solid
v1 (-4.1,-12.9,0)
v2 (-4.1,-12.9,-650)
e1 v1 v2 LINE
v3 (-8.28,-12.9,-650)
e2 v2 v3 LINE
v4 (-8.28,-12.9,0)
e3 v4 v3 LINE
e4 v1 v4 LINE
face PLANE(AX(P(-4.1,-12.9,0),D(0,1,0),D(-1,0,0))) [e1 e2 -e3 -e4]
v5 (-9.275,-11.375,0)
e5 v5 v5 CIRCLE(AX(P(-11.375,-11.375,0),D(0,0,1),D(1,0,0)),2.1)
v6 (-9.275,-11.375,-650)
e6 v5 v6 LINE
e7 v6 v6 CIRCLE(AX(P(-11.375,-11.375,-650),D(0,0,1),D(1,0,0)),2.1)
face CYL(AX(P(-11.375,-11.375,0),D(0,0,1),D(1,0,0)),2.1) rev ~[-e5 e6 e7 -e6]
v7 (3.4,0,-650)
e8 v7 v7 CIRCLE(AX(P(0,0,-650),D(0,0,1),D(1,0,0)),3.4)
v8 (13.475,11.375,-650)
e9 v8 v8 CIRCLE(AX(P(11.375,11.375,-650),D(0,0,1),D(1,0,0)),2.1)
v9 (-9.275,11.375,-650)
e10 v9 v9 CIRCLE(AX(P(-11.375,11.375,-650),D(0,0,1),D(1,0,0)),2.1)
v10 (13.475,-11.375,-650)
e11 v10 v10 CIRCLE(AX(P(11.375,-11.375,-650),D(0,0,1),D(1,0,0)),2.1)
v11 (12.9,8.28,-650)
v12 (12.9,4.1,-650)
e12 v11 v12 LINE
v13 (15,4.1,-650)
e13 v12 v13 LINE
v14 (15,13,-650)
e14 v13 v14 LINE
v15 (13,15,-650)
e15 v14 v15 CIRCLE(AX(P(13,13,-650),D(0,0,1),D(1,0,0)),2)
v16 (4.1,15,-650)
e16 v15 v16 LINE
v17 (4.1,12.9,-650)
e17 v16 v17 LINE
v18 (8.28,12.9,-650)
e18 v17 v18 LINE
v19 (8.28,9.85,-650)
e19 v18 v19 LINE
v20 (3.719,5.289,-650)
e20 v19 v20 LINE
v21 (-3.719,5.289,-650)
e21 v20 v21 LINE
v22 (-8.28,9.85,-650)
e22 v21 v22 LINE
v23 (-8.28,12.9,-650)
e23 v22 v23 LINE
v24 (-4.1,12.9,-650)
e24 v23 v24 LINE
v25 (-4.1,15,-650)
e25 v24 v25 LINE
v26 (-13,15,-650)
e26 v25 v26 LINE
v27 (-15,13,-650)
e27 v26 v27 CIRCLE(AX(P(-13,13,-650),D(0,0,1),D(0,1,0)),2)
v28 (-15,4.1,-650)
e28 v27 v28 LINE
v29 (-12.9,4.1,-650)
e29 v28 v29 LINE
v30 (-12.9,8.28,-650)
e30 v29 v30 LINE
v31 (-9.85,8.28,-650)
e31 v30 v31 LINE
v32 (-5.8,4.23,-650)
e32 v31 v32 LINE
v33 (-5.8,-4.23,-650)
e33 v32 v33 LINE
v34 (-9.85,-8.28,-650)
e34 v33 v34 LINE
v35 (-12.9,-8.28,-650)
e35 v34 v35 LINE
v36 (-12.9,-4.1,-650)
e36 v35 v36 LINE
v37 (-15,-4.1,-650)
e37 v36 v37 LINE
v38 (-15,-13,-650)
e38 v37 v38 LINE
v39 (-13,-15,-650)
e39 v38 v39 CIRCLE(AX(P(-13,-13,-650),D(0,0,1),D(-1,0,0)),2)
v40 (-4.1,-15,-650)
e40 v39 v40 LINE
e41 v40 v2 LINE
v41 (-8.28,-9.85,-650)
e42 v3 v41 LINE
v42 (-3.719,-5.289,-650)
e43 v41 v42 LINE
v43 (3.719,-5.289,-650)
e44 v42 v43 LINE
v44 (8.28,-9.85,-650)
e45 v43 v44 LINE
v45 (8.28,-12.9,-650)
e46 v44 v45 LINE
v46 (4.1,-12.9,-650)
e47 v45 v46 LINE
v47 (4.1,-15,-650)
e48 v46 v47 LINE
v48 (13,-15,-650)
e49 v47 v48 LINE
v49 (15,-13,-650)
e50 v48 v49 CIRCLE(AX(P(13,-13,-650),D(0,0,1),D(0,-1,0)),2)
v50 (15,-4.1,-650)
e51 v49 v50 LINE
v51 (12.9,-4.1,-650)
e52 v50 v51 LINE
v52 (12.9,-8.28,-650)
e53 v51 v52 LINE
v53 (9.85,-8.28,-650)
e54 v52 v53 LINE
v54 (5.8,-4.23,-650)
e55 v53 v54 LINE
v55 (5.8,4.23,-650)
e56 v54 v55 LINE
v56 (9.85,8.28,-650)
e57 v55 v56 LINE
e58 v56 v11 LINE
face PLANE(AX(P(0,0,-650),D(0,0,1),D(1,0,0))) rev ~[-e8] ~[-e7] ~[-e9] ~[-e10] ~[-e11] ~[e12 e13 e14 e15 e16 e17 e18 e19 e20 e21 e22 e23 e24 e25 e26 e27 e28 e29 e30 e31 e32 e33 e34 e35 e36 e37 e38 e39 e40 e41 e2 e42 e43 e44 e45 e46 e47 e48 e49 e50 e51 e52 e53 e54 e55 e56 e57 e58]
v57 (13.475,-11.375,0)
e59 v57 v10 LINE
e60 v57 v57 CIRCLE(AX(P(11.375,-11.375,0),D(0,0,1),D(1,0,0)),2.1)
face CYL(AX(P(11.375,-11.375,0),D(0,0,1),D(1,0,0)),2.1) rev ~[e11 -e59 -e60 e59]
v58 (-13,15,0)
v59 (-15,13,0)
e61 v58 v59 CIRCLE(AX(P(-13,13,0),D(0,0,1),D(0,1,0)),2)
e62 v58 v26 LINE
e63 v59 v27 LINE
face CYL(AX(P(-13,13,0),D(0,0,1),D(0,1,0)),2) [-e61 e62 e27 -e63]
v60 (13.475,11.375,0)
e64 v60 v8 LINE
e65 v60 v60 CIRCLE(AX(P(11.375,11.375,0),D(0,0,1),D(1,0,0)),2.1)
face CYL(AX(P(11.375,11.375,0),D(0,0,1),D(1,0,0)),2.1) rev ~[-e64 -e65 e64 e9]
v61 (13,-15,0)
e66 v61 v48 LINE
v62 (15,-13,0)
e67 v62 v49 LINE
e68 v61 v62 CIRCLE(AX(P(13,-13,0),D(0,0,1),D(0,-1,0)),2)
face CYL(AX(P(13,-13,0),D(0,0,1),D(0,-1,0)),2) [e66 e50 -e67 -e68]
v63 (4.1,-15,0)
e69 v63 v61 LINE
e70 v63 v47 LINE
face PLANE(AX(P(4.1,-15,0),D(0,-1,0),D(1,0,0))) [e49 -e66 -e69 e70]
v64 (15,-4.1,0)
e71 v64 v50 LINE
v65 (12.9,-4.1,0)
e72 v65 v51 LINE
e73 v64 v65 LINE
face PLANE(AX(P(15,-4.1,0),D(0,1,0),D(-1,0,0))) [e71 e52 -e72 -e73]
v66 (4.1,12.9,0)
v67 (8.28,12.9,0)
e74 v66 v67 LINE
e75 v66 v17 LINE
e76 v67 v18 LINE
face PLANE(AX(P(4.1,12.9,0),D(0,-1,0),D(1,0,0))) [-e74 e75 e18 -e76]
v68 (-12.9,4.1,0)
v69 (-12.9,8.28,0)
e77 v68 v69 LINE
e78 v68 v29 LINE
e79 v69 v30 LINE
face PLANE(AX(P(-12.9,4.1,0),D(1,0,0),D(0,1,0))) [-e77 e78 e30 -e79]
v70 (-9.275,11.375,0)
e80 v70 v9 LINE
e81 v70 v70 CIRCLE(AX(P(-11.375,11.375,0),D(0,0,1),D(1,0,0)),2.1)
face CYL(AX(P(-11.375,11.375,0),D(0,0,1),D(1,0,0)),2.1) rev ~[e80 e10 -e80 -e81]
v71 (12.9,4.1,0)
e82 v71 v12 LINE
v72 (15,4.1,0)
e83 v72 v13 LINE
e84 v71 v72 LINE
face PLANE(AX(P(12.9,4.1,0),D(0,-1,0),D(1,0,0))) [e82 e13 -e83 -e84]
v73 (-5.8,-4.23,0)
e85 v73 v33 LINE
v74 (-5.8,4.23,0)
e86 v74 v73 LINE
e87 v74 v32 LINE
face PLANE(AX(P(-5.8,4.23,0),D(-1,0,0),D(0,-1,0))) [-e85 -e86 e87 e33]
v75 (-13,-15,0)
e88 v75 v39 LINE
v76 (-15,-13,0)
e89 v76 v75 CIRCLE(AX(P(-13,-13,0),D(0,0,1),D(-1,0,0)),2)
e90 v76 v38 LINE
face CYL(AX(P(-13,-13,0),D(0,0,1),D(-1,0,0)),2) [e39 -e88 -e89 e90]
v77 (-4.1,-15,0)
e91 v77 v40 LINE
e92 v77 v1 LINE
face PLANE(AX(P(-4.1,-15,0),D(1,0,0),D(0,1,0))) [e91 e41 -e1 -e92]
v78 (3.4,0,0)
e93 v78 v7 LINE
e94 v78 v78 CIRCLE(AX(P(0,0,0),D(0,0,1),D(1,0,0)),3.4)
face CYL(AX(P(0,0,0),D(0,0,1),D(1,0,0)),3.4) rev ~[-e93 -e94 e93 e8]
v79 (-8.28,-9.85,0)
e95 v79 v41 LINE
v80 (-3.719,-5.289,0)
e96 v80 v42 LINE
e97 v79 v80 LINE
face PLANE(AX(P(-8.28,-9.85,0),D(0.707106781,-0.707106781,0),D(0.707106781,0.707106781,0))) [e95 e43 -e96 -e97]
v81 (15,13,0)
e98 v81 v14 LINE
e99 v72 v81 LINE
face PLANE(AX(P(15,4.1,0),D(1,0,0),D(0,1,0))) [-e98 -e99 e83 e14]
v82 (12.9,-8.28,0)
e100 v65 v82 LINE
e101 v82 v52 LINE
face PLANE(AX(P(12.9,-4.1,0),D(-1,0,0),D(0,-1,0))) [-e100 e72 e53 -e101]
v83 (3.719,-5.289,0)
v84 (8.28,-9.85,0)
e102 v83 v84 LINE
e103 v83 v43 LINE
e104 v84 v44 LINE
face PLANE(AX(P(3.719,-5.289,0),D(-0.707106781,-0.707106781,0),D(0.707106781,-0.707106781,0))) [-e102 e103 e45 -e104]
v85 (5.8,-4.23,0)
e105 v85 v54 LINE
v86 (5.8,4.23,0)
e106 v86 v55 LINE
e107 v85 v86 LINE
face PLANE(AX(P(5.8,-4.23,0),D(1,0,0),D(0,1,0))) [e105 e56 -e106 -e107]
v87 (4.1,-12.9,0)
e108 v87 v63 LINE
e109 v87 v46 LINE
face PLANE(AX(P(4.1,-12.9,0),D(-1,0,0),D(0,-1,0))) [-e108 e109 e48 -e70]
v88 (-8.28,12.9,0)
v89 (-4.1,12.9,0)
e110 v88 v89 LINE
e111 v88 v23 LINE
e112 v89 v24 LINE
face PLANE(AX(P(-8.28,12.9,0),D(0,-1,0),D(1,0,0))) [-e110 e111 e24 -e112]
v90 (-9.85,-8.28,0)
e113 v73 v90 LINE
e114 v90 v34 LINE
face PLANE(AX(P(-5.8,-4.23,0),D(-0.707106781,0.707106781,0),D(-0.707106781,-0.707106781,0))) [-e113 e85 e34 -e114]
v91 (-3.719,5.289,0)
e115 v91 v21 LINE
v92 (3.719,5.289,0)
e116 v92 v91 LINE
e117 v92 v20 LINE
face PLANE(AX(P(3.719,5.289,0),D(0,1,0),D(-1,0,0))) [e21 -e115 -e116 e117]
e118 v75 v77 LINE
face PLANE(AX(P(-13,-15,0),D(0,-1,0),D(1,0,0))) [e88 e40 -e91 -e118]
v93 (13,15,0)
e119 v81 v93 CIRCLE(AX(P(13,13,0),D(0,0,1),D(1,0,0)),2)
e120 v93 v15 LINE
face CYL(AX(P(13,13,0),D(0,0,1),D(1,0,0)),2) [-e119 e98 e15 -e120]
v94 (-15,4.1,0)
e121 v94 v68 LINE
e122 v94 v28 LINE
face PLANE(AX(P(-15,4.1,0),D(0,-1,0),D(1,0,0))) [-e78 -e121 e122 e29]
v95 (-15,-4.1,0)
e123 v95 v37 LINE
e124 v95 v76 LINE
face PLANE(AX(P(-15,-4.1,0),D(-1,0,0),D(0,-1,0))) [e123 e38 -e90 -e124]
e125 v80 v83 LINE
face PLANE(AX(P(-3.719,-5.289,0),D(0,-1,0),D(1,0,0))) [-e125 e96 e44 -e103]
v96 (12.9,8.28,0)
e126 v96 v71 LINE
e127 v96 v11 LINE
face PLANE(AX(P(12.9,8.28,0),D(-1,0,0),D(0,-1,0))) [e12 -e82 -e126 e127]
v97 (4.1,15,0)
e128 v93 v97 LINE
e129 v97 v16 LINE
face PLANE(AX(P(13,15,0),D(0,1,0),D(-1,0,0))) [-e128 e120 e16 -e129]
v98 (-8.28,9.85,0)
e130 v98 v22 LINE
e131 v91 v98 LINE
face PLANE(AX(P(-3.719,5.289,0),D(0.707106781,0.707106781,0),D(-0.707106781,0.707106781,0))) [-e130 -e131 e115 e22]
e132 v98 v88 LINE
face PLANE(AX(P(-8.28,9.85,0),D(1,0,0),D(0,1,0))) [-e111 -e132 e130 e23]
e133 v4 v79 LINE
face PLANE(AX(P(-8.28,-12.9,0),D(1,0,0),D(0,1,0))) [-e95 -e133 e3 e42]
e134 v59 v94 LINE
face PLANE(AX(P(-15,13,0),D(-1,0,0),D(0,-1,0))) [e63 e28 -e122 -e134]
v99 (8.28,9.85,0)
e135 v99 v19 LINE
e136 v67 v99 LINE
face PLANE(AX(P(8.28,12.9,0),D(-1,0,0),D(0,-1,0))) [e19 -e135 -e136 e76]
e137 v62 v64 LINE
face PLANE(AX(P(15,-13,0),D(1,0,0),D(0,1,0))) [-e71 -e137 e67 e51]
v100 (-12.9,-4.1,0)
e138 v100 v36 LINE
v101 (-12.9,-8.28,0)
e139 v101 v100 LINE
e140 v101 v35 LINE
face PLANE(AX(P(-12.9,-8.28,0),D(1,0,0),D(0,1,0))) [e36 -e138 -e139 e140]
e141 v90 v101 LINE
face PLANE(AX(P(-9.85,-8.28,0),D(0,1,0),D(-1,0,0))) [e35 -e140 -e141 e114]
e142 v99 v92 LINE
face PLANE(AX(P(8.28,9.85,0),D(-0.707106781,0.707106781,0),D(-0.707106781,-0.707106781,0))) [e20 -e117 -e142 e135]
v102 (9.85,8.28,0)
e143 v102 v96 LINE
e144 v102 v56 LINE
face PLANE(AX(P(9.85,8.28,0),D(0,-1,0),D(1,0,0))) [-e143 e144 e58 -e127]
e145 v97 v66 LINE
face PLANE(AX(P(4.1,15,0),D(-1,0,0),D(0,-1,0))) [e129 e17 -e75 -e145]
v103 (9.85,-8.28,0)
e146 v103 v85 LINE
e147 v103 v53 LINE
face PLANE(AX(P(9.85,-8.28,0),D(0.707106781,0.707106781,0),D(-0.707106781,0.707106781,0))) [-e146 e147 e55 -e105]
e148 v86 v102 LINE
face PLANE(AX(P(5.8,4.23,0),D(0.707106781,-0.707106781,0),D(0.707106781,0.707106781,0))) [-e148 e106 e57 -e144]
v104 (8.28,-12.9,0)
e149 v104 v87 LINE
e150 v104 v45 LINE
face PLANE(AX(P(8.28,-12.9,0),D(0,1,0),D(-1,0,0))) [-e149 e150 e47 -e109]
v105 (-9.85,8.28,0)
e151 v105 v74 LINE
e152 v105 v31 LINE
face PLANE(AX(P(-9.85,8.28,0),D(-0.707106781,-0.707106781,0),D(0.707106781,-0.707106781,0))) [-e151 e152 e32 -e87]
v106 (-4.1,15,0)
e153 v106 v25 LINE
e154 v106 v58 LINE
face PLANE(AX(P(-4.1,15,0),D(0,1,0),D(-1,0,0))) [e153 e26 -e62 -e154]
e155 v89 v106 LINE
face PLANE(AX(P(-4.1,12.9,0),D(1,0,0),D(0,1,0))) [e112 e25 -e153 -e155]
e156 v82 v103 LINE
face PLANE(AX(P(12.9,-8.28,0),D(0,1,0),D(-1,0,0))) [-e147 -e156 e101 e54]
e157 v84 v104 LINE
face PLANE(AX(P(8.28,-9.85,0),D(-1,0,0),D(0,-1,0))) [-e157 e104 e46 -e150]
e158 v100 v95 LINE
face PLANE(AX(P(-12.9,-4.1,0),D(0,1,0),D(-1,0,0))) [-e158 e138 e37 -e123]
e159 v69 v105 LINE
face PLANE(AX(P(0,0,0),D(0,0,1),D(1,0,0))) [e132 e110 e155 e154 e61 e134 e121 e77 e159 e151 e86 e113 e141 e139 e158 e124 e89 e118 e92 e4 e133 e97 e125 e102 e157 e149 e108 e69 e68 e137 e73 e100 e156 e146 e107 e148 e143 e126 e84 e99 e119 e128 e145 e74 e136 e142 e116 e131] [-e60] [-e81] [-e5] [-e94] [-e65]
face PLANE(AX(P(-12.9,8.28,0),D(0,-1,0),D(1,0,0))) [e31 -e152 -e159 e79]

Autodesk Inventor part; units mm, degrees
ref_plane "YZ Plane" through (0, 0, 0) normal (1, 0, 0) x (0, 1, 0)
ref_plane "XZ Plane" through (0, 0, 0) normal (0, 1, 0) x (-1, 0, 0)
ref_plane "XY Plane" through (0, 0, 0) normal (0, 0, 1) x (1, 0, 0)
sketch "Sketch1" plane through (0, 0, 0) normal (0, 0, 1) x (1, 0, 0)
  circle A0 centre (-11.375, 11.375) radius 2.1
  circle A1 centre (-11.375, -11.375) radius 2.1
  line L0 (-15, 4.1) -> (-12.9, 4.1)
  line L1 (-12.9, 4.1) -> (-12.9, 8.28)
  line L2 (-12.9, 8.28) -> (-9.85, 8.28)
  line L3 (-9.85, 8.28) -> (-5.8, 4.23)
  line L4 (-5.8, 4.23) -> (-5.8, -4.23)
  line L5 (-5.8, -4.23) -> (-9.85, -8.28)
  line L6 (-9.85, -8.28) -> (-12.9, -8.28)
  line L7 (-12.9, -8.28) -> (-12.9, -4.1)
  line L8 (-12.9, -4.1) -> (-15, -4.1)
  line L9 (-15, -4.1) -> (-15, -13)
  arc A2 (-15, -13) -> (-13, -15) centre (-13, -13) ccw
  line L10 (-13, -15) -> (-4.1, -15)
  line L11 (-4.1, -15) -> (-4.1, -12.9)
  line L12 (-4.1, -12.9) -> (-8.28, -12.9)
  line L13 (-8.28, -12.9) -> (-8.28, -9.85)
  line L14 (-8.28, -9.85) -> (-3.719, -5.289)
  line L15 (-3.719, -5.289) -> (3.719, -5.289)
  line L16 (3.719, -5.289) -> (8.28, -9.85)
  line L17 (8.28, -9.85) -> (8.28, -12.9)
  line L18 (8.28, -12.9) -> (4.1, -12.9)
  line L19 (4.1, -12.9) -> (4.1, -15)
  line L20 (4.1, -15) -> (13, -15)
  arc A3 (13, -15) -> (15, -13) centre (13, -13) ccw
  line L21 (15, -13) -> (15, -4.1)
  line L22 (15, -4.1) -> (12.9, -4.1)
  line L23 (12.9, -4.1) -> (12.9, -8.28)
  line L24 (12.9, -8.28) -> (9.85, -8.28)
  line L25 (9.85, -8.28) -> (5.8, -4.23)
  line L26 (5.8, -4.23) -> (5.8, 4.23)
  line L27 (5.8, 4.23) -> (9.85, 8.28)
  line L28 (9.85, 8.28) -> (12.9, 8.28)
  line L29 (12.9, 8.28) -> (12.9, 4.1)
  line L30 (12.9, 4.1) -> (15, 4.1)
  line L31 (15, 4.1) -> (15, 13)
  arc A4 (15, 13) -> (13, 15) centre (13, 13) ccw
  line L32 (13, 15) -> (4.1, 15)
  line L33 (4.1, 15) -> (4.1, 12.9)
  line L34 (4.1, 12.9) -> (8.28, 12.9)
  line L35 (8.28, 12.9) -> (8.28, 9.85)
  line L36 (8.28, 9.85) -> (3.719, 5.289)
  line L37 (3.719, 5.289) -> (-3.719, 5.289)
  line L38 (-3.719, 5.289) -> (-8.28, 9.85)
  line L39 (-8.28, 9.85) -> (-8.28, 12.9)
  line L40 (-8.28, 12.9) -> (-4.1, 12.9)
  line L41 (-4.1, 12.9) -> (-4.1, 15)
  line L42 (-4.1, 15) -> (-13, 15)
  arc A5 (-13, 15) -> (-15, 13) centre (-13, 13) ccw
  line L43 (-15, 13) -> (-15, 4.1)
  circle A6 centre (0, 0) radius 3.4
  circle A7 centre (11.375, 11.375) radius 2.1
  circle A8 centre (11.375, -11.375) radius 2.1
extrude "Extrusion1" add sketch "Sketch1" against normal blind 650
properties part number "Metal_Profile 65 cm" material "Aluminum 6061-AHC"
